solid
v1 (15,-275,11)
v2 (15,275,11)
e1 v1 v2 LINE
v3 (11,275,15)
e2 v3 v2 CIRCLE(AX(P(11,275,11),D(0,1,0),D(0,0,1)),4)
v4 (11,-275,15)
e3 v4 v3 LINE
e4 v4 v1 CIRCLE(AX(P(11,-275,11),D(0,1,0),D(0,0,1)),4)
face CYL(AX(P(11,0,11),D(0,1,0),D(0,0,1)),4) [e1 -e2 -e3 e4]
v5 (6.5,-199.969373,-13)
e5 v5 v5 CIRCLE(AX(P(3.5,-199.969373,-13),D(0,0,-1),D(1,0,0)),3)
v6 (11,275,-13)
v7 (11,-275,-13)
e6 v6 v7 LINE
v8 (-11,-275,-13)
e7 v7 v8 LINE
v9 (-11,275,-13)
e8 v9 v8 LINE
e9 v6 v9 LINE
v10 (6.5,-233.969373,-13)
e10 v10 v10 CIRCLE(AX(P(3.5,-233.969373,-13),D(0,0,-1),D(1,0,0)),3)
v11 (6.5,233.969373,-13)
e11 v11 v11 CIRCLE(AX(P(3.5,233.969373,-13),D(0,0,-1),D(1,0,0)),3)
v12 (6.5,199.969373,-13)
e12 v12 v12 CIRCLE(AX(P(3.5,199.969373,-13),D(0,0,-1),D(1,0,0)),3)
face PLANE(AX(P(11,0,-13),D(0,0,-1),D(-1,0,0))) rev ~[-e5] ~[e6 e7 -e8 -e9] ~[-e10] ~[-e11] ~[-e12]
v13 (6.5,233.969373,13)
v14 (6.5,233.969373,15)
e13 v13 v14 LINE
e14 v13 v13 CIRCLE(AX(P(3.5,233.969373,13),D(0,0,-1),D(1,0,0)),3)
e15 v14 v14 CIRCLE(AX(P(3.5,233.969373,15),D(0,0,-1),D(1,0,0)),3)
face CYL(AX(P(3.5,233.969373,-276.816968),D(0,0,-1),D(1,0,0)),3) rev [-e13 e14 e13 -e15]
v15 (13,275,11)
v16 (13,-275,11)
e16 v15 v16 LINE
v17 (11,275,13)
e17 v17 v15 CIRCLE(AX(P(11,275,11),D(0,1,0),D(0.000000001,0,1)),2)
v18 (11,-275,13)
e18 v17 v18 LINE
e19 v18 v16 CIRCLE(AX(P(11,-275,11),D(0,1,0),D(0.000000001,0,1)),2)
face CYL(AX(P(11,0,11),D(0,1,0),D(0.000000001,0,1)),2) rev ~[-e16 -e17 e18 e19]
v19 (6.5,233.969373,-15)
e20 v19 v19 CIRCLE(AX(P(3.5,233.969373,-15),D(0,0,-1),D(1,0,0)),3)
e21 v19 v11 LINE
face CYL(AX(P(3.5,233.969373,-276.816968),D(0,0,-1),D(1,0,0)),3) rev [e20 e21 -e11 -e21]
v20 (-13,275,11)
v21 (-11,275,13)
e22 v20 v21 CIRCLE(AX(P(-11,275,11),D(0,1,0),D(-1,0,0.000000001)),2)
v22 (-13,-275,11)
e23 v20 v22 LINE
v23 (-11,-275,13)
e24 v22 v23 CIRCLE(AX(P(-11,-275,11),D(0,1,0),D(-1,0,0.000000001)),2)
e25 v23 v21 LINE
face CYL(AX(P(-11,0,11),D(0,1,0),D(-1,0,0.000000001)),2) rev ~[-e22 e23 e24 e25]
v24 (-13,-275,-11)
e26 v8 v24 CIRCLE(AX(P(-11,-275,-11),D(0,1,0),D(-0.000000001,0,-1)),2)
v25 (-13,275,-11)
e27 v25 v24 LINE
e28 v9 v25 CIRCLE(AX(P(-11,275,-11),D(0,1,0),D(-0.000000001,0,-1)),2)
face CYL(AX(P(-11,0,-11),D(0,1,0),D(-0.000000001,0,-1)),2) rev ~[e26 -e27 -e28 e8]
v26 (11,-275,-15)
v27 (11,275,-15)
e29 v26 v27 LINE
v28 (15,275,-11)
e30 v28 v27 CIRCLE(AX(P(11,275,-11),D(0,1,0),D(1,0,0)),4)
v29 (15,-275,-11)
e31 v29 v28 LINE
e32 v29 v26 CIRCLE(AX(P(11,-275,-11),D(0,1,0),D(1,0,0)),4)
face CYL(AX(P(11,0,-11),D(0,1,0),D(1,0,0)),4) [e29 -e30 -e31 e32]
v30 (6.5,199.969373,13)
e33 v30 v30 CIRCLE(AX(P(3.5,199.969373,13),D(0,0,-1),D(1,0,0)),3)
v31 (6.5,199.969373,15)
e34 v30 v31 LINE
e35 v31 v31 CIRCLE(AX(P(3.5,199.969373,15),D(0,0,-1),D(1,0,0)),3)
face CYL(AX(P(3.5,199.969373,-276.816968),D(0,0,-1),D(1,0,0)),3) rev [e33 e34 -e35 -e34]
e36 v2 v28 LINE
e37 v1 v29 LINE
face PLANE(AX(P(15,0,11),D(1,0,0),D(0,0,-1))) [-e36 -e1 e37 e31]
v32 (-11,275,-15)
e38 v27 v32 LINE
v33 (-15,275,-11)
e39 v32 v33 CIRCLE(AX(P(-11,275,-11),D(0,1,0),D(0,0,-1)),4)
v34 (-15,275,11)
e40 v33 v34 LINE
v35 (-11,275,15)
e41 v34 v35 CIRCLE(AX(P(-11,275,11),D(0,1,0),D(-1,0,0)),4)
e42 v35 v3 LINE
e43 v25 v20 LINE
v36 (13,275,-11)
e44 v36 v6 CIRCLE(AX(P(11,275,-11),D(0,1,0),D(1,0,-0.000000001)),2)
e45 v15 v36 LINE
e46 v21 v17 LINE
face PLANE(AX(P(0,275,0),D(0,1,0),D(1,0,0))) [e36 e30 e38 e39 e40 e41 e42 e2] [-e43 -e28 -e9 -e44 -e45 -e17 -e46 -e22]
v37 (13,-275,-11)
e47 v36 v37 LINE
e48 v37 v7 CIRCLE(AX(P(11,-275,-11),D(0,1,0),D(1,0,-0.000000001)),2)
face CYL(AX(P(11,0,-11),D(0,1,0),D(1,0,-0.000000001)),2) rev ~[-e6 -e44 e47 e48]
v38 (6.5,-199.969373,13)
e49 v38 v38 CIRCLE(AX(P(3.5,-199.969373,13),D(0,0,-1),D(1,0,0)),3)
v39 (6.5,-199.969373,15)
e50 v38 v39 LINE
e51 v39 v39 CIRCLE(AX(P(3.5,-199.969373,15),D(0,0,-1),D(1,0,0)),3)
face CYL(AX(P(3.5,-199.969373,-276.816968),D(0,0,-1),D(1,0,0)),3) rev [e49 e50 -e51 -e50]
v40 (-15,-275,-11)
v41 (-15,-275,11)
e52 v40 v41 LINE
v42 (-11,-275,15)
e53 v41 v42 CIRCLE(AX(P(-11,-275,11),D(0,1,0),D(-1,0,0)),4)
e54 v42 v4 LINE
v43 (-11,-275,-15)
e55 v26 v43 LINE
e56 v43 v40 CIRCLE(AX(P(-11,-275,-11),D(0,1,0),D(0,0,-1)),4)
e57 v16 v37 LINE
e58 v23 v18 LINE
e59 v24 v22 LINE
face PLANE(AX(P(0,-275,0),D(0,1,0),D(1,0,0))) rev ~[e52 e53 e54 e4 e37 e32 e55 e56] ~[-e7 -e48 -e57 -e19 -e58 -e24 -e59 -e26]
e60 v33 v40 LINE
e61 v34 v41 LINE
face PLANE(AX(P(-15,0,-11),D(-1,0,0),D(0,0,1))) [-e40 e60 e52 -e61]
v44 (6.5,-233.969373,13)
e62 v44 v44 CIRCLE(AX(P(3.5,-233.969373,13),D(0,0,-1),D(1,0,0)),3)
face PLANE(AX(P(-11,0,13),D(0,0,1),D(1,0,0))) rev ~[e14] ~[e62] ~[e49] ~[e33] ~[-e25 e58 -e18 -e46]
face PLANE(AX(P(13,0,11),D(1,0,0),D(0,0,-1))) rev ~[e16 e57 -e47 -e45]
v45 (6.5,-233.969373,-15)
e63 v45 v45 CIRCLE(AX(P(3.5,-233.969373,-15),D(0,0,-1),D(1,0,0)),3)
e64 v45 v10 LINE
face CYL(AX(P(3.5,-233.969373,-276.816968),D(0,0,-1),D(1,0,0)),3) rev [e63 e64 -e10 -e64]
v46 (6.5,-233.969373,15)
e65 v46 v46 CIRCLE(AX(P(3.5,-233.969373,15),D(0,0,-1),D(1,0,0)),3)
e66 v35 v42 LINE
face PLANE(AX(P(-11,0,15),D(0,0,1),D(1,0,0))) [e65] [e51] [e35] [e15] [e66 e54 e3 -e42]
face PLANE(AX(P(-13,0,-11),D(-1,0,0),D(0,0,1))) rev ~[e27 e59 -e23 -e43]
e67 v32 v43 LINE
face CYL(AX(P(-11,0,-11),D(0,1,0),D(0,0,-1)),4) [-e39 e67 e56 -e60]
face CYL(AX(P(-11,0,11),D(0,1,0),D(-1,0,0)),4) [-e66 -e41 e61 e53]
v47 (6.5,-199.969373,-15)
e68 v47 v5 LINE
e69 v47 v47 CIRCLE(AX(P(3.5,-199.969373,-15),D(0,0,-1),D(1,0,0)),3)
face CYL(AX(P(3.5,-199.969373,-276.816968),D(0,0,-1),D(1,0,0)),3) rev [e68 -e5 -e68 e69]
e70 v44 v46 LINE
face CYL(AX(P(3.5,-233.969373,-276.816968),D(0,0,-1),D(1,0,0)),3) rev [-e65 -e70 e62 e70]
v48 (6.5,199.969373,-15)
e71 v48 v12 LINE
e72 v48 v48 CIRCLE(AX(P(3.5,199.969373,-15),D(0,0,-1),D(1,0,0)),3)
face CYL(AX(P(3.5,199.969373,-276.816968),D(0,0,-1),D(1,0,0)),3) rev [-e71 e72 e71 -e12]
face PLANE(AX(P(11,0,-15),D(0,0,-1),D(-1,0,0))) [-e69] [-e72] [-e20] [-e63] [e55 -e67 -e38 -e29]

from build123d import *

# Parameters (mm, degrees)
EXTRUDE_1_DEPTH          = 275
CUT_EXTRUDE_1_DEPTH      = 276.816968296
CUT_EXTRUDE_1_DEPTH_BACK = 276.816968296
SKETCH_2_R               = 3


with BuildPart() as part:
    # 草图1 → 凸台-拉伸1 (new, symmetric)
    with BuildSketch(Plane(origin=(0, 0, 0), x_dir=(1, 0, 0), z_dir=(0, 1, 0))):
        with BuildLine():
            Line((-11, -15), (11, -15))
            ThreePointArc((11, -15), (13.828427125, -13.828427125), (15, -11))
            Line((15, -11), (15, 11))
            ThreePointArc((15, 11), (13.828427125, 13.828427125), (11, 15))
            Line((11, 15), (-11, 15))
            ThreePointArc((-11, 15), (-13.828427125, 13.828427125), (-15, 11))
            Line((-15, 11), (-15, -11))
            ThreePointArc((-15, -11), (-13.828427125, -13.828427125), (-11, -15))
        make_face()
        with BuildLine():
            Line((-11, -13), (11, -13))
            ThreePointArc((11, -13), (12.414213562, -12.414213562), (13, -11))
            Line((13, -11), (13, 11))
            ThreePointArc((13, 11), (12.414213562, 12.414213562), (11, 13))
            Line((11, 13), (-11, 13))
            ThreePointArc((-11, 13), (-12.414213562, 12.414213562), (-13, 11))
            Line((-13, 11), (-13, -11))
            ThreePointArc((-13, -11), (-12.414213562, -12.414213562), (-11, -13))
        make_face(mode=Mode.SUBTRACT)
    extrude(amount=EXTRUDE_1_DEPTH, both=True)

    # 草图2 → 切除-拉伸1 (cut, two sides: drawn at the far end of the back side and taken through both)
    with BuildSketch(Plane.XY.offset(-CUT_EXTRUDE_1_DEPTH_BACK)):
        with Locations((3.5, 233.969372655)):
            Circle(SKETCH_2_R)
        with Locations((3.5, 199.969372655)):
            Circle(SKETCH_2_R)
        with Locations((3.5, -199.969372655)):
            Circle(SKETCH_2_R)
        with Locations((3.5, -233.969372655)):
            Circle(SKETCH_2_R)
    extrude(amount=CUT_EXTRUDE_1_DEPTH + CUT_EXTRUDE_1_DEPTH_BACK, mode=Mode.SUBTRACT)


solid = part.part
